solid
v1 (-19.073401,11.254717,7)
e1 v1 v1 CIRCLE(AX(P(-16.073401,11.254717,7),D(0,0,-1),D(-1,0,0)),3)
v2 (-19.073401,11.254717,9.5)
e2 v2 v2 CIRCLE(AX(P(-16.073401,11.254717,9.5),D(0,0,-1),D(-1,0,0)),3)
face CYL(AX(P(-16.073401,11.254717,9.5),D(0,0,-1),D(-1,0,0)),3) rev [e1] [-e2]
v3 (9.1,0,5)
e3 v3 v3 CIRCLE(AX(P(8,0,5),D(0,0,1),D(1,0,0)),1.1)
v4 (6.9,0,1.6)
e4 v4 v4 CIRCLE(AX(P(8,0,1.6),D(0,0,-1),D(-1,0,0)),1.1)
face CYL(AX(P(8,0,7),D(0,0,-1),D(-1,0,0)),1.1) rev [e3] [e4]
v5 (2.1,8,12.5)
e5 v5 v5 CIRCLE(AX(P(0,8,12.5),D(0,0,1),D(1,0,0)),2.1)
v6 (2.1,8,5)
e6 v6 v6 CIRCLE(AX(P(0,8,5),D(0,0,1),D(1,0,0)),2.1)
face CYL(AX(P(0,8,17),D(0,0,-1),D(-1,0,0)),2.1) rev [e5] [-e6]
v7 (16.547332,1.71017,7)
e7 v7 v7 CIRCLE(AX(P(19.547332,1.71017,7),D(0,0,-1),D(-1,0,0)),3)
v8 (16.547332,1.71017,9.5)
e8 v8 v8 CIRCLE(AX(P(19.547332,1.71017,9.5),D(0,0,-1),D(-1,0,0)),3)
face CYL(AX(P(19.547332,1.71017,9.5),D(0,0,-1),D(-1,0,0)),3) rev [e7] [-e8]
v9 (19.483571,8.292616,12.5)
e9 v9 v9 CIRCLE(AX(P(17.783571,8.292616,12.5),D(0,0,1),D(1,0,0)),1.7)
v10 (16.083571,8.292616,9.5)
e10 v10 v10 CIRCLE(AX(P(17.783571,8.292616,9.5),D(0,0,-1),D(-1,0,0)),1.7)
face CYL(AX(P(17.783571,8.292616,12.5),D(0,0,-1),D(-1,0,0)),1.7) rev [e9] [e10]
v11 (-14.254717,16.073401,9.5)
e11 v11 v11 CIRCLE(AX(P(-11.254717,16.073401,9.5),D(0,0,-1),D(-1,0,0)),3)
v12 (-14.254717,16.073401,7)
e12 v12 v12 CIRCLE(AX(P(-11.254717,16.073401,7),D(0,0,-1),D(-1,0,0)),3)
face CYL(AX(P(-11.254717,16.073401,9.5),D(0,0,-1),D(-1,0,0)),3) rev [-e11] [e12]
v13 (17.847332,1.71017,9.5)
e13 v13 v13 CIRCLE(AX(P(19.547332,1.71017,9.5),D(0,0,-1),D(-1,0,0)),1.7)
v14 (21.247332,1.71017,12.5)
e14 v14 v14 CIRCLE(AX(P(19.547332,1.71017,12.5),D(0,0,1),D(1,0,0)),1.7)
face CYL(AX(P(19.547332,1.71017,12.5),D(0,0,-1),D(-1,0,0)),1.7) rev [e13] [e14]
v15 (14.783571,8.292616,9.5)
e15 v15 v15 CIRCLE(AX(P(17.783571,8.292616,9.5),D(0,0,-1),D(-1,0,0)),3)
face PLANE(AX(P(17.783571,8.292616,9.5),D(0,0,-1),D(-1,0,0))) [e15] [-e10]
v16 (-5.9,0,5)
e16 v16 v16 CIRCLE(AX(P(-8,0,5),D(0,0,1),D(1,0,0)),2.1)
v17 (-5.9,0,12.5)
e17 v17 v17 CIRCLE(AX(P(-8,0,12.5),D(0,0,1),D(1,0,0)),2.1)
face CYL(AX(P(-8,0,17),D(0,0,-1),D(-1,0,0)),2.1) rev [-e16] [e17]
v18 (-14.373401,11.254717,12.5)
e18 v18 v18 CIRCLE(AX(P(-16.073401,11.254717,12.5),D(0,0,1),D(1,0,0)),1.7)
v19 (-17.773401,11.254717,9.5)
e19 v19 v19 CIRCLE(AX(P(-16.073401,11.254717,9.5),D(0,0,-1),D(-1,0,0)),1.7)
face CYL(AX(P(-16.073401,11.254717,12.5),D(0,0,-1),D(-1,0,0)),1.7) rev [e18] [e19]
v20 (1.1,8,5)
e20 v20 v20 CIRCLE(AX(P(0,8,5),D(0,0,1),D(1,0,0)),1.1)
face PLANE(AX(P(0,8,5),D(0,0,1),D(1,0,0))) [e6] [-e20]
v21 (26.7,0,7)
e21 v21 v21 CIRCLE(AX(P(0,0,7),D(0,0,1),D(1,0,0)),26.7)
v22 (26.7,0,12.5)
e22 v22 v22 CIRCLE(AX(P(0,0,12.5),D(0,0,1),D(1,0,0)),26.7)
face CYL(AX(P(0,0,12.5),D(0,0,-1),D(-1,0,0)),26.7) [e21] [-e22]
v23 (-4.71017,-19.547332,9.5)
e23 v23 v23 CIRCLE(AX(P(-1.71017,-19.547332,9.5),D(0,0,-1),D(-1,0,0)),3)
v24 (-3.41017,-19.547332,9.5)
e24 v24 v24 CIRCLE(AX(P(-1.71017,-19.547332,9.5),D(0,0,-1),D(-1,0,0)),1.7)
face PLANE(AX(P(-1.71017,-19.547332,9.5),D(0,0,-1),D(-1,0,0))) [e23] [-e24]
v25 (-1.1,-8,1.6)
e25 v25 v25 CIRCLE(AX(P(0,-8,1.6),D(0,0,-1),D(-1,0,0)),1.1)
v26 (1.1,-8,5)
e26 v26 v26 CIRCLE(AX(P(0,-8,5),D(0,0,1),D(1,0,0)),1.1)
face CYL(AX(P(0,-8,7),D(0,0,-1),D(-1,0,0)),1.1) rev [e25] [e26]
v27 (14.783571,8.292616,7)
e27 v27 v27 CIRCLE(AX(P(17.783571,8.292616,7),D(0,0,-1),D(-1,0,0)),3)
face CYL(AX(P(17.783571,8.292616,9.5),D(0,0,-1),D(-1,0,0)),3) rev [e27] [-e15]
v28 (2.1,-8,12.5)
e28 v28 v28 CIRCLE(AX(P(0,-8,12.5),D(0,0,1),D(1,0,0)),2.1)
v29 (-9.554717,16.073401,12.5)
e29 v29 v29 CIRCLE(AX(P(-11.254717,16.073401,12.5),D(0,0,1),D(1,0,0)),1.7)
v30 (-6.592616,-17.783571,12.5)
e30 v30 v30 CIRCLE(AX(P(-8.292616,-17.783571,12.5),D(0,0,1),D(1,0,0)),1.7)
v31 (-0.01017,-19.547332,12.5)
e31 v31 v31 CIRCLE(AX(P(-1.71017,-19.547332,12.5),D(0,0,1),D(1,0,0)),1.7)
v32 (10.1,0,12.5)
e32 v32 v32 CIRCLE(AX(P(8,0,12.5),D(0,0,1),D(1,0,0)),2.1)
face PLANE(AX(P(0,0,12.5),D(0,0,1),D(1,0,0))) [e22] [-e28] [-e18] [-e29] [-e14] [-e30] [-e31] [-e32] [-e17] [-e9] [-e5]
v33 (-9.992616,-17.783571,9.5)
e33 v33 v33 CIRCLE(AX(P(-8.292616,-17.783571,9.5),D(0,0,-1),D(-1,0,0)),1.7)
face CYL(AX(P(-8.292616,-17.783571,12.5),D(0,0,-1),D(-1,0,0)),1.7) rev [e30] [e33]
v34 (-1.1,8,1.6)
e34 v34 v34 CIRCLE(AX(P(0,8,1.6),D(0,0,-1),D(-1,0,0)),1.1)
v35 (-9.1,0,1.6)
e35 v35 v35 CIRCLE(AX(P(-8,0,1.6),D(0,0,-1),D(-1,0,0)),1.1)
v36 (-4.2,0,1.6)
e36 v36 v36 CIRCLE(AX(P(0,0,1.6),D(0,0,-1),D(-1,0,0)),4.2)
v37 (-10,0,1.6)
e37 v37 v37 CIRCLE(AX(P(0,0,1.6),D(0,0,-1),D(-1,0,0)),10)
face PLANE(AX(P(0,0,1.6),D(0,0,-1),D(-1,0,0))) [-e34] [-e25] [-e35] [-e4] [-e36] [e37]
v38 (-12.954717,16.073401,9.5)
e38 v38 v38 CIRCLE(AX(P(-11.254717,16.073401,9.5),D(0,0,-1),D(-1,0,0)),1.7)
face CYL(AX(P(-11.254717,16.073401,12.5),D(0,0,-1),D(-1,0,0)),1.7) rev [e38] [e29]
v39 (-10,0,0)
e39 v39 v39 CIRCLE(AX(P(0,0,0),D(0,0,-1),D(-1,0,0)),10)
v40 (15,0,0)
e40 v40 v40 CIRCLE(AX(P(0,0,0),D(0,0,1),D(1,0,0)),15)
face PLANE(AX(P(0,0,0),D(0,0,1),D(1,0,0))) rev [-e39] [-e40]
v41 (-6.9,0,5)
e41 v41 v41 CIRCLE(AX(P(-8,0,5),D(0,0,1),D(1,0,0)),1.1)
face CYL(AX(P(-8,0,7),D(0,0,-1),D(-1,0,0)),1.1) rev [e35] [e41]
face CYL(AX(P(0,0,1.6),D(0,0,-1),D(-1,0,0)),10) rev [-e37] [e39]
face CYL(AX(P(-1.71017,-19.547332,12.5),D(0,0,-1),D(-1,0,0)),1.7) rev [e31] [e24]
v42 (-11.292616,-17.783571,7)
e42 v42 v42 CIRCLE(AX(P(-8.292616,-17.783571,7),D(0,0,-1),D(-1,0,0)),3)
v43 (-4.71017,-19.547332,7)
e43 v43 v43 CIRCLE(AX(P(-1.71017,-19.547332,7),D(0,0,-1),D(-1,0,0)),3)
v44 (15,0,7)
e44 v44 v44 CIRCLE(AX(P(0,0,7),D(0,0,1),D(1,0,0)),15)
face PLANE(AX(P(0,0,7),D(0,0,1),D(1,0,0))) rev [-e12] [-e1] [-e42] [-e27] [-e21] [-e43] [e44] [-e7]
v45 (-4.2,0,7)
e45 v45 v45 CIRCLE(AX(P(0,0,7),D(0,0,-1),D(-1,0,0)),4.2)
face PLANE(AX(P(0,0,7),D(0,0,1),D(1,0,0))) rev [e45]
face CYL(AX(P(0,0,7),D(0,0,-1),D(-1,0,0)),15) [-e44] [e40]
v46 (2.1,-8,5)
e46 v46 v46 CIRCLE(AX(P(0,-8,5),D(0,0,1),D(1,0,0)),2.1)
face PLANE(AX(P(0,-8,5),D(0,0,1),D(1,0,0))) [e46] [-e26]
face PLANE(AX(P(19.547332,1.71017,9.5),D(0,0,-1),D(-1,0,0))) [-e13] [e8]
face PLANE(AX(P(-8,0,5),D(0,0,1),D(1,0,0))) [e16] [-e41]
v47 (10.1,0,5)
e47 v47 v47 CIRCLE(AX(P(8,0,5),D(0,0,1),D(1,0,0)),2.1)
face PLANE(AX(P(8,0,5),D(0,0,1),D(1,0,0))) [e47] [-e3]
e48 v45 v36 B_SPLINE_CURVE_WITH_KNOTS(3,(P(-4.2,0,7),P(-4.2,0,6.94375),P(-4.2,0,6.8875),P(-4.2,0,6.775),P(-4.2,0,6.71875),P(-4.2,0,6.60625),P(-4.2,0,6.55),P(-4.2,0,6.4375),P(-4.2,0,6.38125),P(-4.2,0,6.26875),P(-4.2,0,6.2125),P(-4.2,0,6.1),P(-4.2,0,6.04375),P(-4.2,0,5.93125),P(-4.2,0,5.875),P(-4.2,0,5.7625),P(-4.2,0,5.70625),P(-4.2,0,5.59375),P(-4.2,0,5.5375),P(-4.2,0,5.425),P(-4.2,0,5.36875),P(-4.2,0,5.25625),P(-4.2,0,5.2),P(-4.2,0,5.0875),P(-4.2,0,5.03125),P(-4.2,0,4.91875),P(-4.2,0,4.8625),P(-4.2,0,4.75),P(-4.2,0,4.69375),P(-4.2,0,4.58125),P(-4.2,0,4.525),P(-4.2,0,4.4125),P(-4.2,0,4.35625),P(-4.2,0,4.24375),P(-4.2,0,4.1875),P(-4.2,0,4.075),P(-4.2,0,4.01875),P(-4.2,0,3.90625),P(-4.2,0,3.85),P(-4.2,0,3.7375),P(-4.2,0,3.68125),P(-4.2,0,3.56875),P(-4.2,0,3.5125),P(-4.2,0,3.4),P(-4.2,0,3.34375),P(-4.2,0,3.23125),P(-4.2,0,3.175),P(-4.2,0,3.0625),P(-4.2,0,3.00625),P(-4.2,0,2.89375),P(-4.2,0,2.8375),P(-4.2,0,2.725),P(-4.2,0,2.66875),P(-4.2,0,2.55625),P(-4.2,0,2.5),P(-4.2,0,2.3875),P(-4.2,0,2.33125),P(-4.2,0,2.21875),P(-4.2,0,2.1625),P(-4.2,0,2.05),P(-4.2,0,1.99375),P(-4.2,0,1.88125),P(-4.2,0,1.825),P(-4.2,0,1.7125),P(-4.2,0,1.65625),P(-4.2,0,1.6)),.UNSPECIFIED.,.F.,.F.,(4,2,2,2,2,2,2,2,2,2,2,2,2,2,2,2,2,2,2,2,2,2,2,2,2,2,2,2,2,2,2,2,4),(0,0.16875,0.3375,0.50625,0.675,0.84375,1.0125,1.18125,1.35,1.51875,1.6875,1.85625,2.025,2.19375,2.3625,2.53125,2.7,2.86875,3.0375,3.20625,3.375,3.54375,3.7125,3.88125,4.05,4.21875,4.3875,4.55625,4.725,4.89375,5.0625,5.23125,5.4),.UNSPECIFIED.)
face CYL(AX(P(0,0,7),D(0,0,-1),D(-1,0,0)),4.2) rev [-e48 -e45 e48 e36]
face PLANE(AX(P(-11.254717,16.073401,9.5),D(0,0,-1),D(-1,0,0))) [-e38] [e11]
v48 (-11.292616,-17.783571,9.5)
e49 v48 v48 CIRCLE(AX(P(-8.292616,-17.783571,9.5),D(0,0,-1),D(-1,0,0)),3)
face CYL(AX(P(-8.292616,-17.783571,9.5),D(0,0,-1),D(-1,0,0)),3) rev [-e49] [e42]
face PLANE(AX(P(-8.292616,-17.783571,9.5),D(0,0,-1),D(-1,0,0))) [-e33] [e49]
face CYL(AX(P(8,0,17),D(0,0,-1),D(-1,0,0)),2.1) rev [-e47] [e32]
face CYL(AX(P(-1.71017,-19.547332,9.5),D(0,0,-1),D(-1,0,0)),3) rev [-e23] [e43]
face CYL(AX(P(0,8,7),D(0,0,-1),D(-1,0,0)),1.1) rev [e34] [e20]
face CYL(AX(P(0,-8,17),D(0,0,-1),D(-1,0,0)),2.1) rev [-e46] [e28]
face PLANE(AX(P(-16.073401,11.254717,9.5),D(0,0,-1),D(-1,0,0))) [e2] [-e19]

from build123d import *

# Parameters (mm, degrees)
SKETCH_1_R               = 15
SKETCH_1_R_2             = 2.3
SKETCH_1_R_3             = 1.1
EXTRUDE_1_DEPTH          = 7
CUT_EXTRUDE_1_DEPTH      = 10
CUT_EXTRUDE_1_DEPTH_BACK = 2
SKETCH_2_R               = 2.1
SKETCH_10_R              = 10
CUT_EXTRUDE_7_DEPTH      = 1.6
SKETCH_9_R               = 4.2
CUT_EXTRUDE_5_DEPTH      = 22.889723616
SKETCH_11_R              = 26.7
SKETCH_11_R_2            = 1.7
EXTRUDE_2_DEPTH          = 5.5
SKETCH_13_R              = 3
CUT_EXTRUDE_9_DEPTH      = 2.5
CUT_EXTRUDE_START        = -8
SKETCH_14_R              = 2.1
CUT_EXTRUDE_10_DEPTH     = 8


with BuildPart() as part:
    # 스케치1 → 보스-돌출1 (new body)
    with BuildSketch(Plane.XY):
        Circle(SKETCH_1_R)
        Circle(SKETCH_1_R_2, mode=Mode.SUBTRACT)
        with Locations((0, 8)):
            Circle(SKETCH_1_R_3, mode=Mode.SUBTRACT)
        with Locations((8, 0)):
            Circle(SKETCH_1_R_3, mode=Mode.SUBTRACT)
        with Locations((0, -8)):
            Circle(SKETCH_1_R_3, mode=Mode.SUBTRACT)
        with Locations((-8, 0)):
            Circle(SKETCH_1_R_3, mode=Mode.SUBTRACT)
    extrude(amount=EXTRUDE_1_DEPTH)

    # 스케치2 → 컷-돌출1 (cut, two sides: drawn at the far end of the back side and taken through both)
    with BuildSketch(Plane.XY.offset(7).offset(-CUT_EXTRUDE_1_DEPTH_BACK)):
        with Locations((0, 8)):
            Circle(SKETCH_2_R)
        with Locations((8, 0)):
            Circle(SKETCH_2_R)
        with Locations((0, -8)):
            Circle(SKETCH_2_R)
        with Locations((-8, 0)):
            Circle(SKETCH_2_R)
    extrude(amount=CUT_EXTRUDE_1_DEPTH + CUT_EXTRUDE_1_DEPTH_BACK, mode=Mode.SUBTRACT)

    # 스케치10 → 컷-돌출7 (cut)
    with BuildSketch(Plane(origin=(0, 0, 0), x_dir=(-1, 0, 0), z_dir=(0, 0, -1))):
        Circle(SKETCH_10_R)
    extrude(amount=-CUT_EXTRUDE_7_DEPTH, mode=Mode.SUBTRACT)

    # 스케치9 → 컷-돌출5 (cut, through all)
    with BuildSketch(Plane(origin=(0, 0, 1.6), x_dir=(-1, 0, 0), z_dir=(0, 0, -1))):
        Circle(SKETCH_9_R)
    extrude(amount=-CUT_EXTRUDE_5_DEPTH, mode=Mode.SUBTRACT)

    # 스케치11 → 보스-돌출2 (add)
    with BuildSketch(Plane.XY.offset(7)):
        Circle(SKETCH_11_R)
        with Locations((-11.254716834, 16.073401413)):
            Circle(SKETCH_11_R_2, mode=Mode.SUBTRACT)
        with Locations((-16.073401413, 11.254716834)):
            Circle(SKETCH_11_R_2, mode=Mode.SUBTRACT)
        with Locations((19.547332366, 1.710169984)):
            Circle(SKETCH_11_R_2, mode=Mode.SUBTRACT)
        with Locations((17.783571397, 8.292615532)):
            Circle(SKETCH_11_R_2, mode=Mode.SUBTRACT)
        with Locations((-8.292615532, -17.783571397)):
            Circle(SKETCH_11_R_2, mode=Mode.SUBTRACT)
        with Locations((-1.710169984, -19.547332366)):
            Circle(SKETCH_11_R_2, mode=Mode.SUBTRACT)
    extrude(amount=EXTRUDE_2_DEPTH)

    # 스케치13 → 컷-돌출9 (cut)
    with BuildSketch(Plane(origin=(0, 0, 7), x_dir=(-1, 0, 0), z_dir=(0, 0, -1))):
        with Locations((-17.783571397, 8.292615532)):
            Circle(SKETCH_13_R)
        with Locations((-19.547332366, 1.710169984)):
            Circle(SKETCH_13_R)
        with Locations((11.254716834, 16.073401413)):
            Circle(SKETCH_13_R)
        with Locations((16.073401413, 11.254716834)):
            Circle(SKETCH_13_R)
        with Locations((1.710169984, -19.547332366)):
            Circle(SKETCH_13_R)
        with Locations((8.292615532, -17.783571397)):
            Circle(SKETCH_13_R)
    extrude(amount=-CUT_EXTRUDE_9_DEPTH, mode=Mode.SUBTRACT)

    # 스케치14 → 컷-돌출10 (cut)
    with BuildSketch(Plane(origin=(0, 0, 7), x_dir=(-1, 0, 0), z_dir=(0, 0, -1)).offset(CUT_EXTRUDE_START)):
        with Locations(Location((8, 0, 0), (0, 0, 180))):
            Circle(SKETCH_14_R)
        with Locations(Location((0, -8, 0), (0, 0, 180))):
            Circle(SKETCH_14_R)
        with Locations(Location((-8, 0, 0), (0, 0, 180))):
            Circle(SKETCH_14_R)
        with Locations(Location((0, 8, 0), (0, 0, 180))):
            Circle(SKETCH_14_R)
    extrude(amount=CUT_EXTRUDE_10_DEPTH, mode=Mode.SUBTRACT)


solid = part.part
